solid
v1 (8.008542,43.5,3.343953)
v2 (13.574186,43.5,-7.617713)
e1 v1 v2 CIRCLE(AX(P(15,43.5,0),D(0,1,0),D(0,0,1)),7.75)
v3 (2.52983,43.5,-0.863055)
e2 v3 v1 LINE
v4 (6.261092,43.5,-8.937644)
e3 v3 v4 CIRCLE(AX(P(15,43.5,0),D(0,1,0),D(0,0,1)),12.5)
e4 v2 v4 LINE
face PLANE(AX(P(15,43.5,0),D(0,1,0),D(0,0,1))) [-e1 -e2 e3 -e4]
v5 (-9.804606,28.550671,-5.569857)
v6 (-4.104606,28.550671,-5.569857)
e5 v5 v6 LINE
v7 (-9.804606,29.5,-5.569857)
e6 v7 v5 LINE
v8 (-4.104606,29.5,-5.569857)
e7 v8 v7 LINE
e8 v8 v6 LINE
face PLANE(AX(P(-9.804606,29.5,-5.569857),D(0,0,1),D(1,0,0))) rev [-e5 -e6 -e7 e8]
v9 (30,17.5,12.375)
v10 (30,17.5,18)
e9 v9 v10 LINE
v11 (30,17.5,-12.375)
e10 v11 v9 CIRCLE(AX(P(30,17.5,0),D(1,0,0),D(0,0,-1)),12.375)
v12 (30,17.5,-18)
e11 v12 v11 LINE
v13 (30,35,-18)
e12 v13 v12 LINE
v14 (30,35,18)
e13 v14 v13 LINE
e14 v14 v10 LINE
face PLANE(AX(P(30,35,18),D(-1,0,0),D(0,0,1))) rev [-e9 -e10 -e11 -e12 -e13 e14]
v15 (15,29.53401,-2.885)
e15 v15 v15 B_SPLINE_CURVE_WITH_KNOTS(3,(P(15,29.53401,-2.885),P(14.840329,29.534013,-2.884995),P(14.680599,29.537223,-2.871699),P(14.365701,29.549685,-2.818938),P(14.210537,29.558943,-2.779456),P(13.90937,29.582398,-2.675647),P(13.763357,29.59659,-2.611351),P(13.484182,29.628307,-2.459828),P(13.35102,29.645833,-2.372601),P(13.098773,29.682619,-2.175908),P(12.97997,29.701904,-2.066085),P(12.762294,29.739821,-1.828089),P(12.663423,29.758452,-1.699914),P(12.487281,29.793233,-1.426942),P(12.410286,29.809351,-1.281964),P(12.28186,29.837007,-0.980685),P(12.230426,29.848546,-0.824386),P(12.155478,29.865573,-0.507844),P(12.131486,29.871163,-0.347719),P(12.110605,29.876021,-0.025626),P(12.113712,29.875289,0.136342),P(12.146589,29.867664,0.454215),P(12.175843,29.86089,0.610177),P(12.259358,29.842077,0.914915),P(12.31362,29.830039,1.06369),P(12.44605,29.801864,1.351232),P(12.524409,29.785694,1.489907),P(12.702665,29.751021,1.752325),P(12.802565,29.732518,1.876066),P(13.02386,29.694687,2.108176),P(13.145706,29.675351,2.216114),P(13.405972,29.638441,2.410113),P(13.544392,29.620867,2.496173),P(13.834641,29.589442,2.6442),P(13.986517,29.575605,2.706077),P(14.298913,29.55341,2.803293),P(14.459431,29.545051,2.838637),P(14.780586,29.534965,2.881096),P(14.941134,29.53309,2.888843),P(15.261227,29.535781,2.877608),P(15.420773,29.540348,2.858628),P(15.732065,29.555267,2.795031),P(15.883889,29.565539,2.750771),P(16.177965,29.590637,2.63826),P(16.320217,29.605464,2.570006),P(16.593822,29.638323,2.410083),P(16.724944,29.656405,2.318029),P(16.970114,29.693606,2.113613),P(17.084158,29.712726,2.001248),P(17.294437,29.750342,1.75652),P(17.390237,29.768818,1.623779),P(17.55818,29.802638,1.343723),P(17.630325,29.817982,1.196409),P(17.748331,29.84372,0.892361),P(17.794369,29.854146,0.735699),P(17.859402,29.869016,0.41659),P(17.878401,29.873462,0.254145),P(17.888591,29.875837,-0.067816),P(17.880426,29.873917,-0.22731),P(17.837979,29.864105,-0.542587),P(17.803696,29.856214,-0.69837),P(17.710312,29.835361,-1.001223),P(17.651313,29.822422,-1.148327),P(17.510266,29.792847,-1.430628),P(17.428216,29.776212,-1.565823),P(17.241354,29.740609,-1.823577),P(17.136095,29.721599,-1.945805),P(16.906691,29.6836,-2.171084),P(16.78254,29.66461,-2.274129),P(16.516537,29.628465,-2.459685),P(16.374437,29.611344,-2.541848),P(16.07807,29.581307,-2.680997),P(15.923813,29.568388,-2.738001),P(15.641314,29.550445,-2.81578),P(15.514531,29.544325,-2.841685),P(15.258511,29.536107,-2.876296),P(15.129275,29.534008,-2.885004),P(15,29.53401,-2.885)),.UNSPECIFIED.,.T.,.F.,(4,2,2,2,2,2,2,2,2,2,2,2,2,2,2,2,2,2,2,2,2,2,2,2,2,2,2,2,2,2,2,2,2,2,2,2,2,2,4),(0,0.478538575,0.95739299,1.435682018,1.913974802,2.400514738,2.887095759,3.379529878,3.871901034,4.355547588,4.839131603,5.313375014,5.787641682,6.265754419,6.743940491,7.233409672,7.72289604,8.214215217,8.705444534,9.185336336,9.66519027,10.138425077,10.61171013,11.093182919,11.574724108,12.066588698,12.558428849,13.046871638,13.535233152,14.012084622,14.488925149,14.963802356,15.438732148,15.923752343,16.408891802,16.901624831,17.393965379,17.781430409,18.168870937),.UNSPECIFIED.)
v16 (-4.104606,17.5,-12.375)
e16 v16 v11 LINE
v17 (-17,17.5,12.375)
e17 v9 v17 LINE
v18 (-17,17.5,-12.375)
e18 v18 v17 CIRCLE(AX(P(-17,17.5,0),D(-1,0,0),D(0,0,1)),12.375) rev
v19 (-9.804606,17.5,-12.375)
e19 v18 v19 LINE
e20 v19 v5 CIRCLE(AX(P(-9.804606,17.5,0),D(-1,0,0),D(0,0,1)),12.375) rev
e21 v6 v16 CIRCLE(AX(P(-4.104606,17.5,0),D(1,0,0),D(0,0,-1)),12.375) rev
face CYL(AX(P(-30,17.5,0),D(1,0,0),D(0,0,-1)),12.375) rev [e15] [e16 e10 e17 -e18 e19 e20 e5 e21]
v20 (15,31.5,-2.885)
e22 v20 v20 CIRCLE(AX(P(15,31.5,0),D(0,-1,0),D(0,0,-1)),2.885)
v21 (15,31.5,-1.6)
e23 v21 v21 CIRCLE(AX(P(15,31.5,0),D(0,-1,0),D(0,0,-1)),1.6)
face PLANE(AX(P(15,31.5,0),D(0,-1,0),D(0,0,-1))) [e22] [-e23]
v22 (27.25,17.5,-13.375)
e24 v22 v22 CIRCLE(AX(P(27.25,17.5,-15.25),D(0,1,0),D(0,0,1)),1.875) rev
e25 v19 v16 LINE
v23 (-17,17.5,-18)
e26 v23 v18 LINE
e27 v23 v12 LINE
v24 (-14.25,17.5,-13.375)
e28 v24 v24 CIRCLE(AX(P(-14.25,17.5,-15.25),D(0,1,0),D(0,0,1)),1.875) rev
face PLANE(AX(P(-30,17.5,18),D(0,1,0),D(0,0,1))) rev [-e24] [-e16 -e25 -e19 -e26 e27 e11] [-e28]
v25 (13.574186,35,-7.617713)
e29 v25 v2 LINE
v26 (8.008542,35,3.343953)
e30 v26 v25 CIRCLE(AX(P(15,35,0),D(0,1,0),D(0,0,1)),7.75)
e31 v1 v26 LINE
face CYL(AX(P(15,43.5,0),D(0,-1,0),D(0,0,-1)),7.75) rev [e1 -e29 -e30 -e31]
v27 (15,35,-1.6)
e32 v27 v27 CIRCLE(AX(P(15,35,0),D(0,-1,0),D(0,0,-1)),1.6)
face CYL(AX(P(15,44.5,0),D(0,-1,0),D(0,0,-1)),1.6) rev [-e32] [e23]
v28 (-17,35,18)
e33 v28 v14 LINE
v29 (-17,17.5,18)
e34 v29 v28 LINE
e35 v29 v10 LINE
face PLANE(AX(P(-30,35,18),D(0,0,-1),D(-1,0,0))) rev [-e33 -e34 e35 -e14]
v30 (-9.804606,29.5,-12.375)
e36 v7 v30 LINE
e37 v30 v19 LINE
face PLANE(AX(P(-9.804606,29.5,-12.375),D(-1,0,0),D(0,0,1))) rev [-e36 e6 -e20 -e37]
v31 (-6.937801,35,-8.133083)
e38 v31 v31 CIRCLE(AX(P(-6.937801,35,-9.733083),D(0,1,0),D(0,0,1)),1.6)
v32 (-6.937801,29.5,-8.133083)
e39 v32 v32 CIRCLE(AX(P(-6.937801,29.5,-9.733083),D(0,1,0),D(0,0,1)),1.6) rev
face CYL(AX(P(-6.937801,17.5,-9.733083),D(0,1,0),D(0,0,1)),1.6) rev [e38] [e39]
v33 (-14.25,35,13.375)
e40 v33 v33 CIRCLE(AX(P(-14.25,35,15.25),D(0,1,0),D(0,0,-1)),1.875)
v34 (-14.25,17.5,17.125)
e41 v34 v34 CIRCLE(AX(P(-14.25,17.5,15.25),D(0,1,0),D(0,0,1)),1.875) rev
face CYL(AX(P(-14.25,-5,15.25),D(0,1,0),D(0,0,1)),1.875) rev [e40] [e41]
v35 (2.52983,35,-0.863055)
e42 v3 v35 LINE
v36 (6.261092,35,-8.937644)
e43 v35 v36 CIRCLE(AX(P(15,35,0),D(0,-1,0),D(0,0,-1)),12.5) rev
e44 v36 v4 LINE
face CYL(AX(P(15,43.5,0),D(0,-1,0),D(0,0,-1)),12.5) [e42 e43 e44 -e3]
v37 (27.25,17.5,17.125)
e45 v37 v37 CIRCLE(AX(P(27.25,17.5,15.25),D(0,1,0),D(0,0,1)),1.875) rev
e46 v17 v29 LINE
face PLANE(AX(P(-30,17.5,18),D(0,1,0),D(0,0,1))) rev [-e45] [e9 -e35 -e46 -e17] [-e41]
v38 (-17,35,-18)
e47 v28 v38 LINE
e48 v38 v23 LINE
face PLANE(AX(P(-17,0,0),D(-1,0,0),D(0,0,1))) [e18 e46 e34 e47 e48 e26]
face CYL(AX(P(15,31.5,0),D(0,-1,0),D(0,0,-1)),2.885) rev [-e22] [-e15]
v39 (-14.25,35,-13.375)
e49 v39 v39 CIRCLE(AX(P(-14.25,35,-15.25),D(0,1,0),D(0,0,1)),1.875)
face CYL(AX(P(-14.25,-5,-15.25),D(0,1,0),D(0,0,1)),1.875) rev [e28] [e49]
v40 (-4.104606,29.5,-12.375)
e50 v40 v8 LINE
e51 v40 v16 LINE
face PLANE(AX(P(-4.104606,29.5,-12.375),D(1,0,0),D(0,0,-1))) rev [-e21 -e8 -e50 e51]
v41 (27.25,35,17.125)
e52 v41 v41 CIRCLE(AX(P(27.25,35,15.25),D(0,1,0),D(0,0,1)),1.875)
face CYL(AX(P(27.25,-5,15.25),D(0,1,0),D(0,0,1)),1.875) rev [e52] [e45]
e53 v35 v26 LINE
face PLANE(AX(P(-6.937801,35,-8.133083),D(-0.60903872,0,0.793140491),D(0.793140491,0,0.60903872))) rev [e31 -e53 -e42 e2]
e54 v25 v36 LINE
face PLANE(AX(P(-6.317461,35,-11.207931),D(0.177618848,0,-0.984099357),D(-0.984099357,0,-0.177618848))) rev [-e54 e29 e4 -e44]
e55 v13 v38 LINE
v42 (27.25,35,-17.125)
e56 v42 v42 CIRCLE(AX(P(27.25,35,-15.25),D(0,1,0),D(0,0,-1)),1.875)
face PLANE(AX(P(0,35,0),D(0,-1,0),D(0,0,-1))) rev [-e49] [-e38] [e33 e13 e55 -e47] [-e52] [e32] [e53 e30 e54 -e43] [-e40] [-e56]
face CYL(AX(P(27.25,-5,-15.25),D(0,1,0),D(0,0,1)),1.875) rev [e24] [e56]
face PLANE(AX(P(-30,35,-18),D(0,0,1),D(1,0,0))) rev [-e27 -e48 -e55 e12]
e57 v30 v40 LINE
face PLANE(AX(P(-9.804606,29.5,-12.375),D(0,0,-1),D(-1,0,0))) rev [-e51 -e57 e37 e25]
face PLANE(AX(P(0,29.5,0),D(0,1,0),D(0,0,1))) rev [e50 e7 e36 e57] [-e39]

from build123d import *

# Parameters (mm, degrees)
SKETCH1_W           = 60
SKETCH1_H           = 36
BOSS_EXTRUDE1_DEPTH = 35
SKETCH3_R           = 12.375
CUT_EXTRUDE1_DEPTH  = 61
SKETCH5_R           = 1.875
CUT_EXTRUDE2_DEPTH  = 40
CUT_EXTRUDE3_START  = 30
SKETCH7_W           = 36
SKETCH7_H           = 17.5
CUT_EXTRUDE3_DEPTH  = 61
SKETCH19_R          = 2.885
CUT_EXTRUDE13_DEPTH = 14
SKETCH20_R          = 1.6
CUT_EXTRUDE14_DEPTH = 13
SKETCH21_R          = 1.6
CUT_EXTRUDE15_DEPTH = 18.5000001
SKETCH22_W          = 5.7
SKETCH22_H          = 6.805143355
CUT_EXTRUDE16_DEPTH = 12
SKETCH23_R          = 12.5
SKETCH23_R_2        = 7.75
BOSS_EXTRUDE2_DEPTH = 8.5
CUT_EXTRUDE17_DEPTH = 8.5
SKETCH25_W          = 40.384912637
SKETCH25_H          = 20.483413903
CUT_EXTRUDE18_DEPTH = 13


with BuildPart() as part:
    # Sketch1 → Boss-Extrude1 (new body)
    with BuildSketch(Plane(origin=(0, 0, 0), x_dir=(1, 0, 0), z_dir=(0, 1, 0))):
        Rectangle(SKETCH1_W, SKETCH1_H)
    extrude(amount=BOSS_EXTRUDE1_DEPTH)

    # Sketch3 → Cut-Extrude1 (cut, through all)
    with BuildSketch(Plane(origin=(30, 0, 0), x_dir=(0, 0, -1), z_dir=(1, 0, 0))):
        with Locations((0, 17.5)):
            Circle(SKETCH3_R)
    extrude(amount=-CUT_EXTRUDE1_DEPTH, mode=Mode.SUBTRACT)

    # Sketch5 → Cut-Extrude2 (cut)
    with BuildSketch(Plane(origin=(0, 35, 0), x_dir=(1, 0, 0), z_dir=(0, 1, 0))):
        with Locations((27.25, -15.25)):
            Circle(SKETCH5_R)
        with Locations((27.25, 15.25)):
            Circle(SKETCH5_R)
        with Locations((-14.25, -15.25)):
            Circle(SKETCH5_R)
        with Locations((-14.25, 15.25)):
            Circle(SKETCH5_R)
    extrude(amount=-CUT_EXTRUDE2_DEPTH, mode=Mode.SUBTRACT)

    # Sketch7 → Cut-Extrude3 (cut, through all)
    with BuildSketch(Plane(origin=(0, 0, 0), x_dir=(0, 0, -1), z_dir=(1, 0, 0)).offset(CUT_EXTRUDE3_START)):
        with Locations((0, 8.75)):
            Rectangle(SKETCH7_W, SKETCH7_H)
    extrude(amount=-CUT_EXTRUDE3_DEPTH, mode=Mode.SUBTRACT)

    # Sketch19 → Cut-Extrude13 (cut)
    with BuildSketch(Plane.XZ.offset(-17.5)):
        with Locations((15, 0)):
            Circle(SKETCH19_R)
    extrude(amount=-CUT_EXTRUDE13_DEPTH, mode=Mode.SUBTRACT)

    # Sketch20 → Cut-Extrude14 (cut)
    with BuildSketch(Plane.XZ.offset(-31.5)):
        with Locations((15, 0)):
            Circle(SKETCH20_R)
    extrude(amount=-CUT_EXTRUDE14_DEPTH, mode=Mode.SUBTRACT)

    # Sketch21 → Cut-Extrude15 (cut, through all)
    with BuildSketch(Plane(origin=(0, 35, 0), x_dir=(1, 0, 0), z_dir=(0, 1, 0))):
        with Locations((-6.937800687, 9.733082811)):
            Circle(SKETCH21_R)
    extrude(amount=-CUT_EXTRUDE15_DEPTH, mode=Mode.SUBTRACT)

    # Sketch22 → Cut-Extrude16 (cut)
    with BuildSketch(Plane.XZ.offset(-17.5)):
        with Locations((-6.954606202, -8.972428323)):
            Rectangle(SKETCH22_W, SKETCH22_H)
    extrude(amount=-CUT_EXTRUDE16_DEPTH, mode=Mode.SUBTRACT)

    # Sketch23 → Boss-Extrude2 (add)
    with BuildSketch(Plane(origin=(0, 35, 0), x_dir=(1, 0, 0), z_dir=(0, 1, 0))):
        with Locations((15, 0)):
            Circle(SKETCH23_R)
        with Locations((15, 0)):
            Circle(SKETCH23_R_2, mode=Mode.SUBTRACT)
    extrude(amount=BOSS_EXTRUDE2_DEPTH)

    # Sketch24 → Cut-Extrude17 (cut)
    with BuildSketch(Plane(origin=(0, 43.5, 0), x_dir=(1, 0, 0), z_dir=(0, 1, 0))):
        Polygon((-6.937800687, 8.133082811), (13.574185936, -7.617713191), (13.574185936, 7.617713191), (-6.317460524, 11.207931305), align=None)
    extrude(amount=-CUT_EXTRUDE17_DEPTH, mode=Mode.SUBTRACT)

    # Sketch25 → Cut-Extrude18 (cut)
    with BuildSketch(Plane.ZY.offset(30)):
        with Locations((-0.290957584, 25.898615679)):
            Rectangle(SKETCH25_W, SKETCH25_H)
    extrude(amount=-CUT_EXTRUDE18_DEPTH, mode=Mode.SUBTRACT)


solid = part.part
